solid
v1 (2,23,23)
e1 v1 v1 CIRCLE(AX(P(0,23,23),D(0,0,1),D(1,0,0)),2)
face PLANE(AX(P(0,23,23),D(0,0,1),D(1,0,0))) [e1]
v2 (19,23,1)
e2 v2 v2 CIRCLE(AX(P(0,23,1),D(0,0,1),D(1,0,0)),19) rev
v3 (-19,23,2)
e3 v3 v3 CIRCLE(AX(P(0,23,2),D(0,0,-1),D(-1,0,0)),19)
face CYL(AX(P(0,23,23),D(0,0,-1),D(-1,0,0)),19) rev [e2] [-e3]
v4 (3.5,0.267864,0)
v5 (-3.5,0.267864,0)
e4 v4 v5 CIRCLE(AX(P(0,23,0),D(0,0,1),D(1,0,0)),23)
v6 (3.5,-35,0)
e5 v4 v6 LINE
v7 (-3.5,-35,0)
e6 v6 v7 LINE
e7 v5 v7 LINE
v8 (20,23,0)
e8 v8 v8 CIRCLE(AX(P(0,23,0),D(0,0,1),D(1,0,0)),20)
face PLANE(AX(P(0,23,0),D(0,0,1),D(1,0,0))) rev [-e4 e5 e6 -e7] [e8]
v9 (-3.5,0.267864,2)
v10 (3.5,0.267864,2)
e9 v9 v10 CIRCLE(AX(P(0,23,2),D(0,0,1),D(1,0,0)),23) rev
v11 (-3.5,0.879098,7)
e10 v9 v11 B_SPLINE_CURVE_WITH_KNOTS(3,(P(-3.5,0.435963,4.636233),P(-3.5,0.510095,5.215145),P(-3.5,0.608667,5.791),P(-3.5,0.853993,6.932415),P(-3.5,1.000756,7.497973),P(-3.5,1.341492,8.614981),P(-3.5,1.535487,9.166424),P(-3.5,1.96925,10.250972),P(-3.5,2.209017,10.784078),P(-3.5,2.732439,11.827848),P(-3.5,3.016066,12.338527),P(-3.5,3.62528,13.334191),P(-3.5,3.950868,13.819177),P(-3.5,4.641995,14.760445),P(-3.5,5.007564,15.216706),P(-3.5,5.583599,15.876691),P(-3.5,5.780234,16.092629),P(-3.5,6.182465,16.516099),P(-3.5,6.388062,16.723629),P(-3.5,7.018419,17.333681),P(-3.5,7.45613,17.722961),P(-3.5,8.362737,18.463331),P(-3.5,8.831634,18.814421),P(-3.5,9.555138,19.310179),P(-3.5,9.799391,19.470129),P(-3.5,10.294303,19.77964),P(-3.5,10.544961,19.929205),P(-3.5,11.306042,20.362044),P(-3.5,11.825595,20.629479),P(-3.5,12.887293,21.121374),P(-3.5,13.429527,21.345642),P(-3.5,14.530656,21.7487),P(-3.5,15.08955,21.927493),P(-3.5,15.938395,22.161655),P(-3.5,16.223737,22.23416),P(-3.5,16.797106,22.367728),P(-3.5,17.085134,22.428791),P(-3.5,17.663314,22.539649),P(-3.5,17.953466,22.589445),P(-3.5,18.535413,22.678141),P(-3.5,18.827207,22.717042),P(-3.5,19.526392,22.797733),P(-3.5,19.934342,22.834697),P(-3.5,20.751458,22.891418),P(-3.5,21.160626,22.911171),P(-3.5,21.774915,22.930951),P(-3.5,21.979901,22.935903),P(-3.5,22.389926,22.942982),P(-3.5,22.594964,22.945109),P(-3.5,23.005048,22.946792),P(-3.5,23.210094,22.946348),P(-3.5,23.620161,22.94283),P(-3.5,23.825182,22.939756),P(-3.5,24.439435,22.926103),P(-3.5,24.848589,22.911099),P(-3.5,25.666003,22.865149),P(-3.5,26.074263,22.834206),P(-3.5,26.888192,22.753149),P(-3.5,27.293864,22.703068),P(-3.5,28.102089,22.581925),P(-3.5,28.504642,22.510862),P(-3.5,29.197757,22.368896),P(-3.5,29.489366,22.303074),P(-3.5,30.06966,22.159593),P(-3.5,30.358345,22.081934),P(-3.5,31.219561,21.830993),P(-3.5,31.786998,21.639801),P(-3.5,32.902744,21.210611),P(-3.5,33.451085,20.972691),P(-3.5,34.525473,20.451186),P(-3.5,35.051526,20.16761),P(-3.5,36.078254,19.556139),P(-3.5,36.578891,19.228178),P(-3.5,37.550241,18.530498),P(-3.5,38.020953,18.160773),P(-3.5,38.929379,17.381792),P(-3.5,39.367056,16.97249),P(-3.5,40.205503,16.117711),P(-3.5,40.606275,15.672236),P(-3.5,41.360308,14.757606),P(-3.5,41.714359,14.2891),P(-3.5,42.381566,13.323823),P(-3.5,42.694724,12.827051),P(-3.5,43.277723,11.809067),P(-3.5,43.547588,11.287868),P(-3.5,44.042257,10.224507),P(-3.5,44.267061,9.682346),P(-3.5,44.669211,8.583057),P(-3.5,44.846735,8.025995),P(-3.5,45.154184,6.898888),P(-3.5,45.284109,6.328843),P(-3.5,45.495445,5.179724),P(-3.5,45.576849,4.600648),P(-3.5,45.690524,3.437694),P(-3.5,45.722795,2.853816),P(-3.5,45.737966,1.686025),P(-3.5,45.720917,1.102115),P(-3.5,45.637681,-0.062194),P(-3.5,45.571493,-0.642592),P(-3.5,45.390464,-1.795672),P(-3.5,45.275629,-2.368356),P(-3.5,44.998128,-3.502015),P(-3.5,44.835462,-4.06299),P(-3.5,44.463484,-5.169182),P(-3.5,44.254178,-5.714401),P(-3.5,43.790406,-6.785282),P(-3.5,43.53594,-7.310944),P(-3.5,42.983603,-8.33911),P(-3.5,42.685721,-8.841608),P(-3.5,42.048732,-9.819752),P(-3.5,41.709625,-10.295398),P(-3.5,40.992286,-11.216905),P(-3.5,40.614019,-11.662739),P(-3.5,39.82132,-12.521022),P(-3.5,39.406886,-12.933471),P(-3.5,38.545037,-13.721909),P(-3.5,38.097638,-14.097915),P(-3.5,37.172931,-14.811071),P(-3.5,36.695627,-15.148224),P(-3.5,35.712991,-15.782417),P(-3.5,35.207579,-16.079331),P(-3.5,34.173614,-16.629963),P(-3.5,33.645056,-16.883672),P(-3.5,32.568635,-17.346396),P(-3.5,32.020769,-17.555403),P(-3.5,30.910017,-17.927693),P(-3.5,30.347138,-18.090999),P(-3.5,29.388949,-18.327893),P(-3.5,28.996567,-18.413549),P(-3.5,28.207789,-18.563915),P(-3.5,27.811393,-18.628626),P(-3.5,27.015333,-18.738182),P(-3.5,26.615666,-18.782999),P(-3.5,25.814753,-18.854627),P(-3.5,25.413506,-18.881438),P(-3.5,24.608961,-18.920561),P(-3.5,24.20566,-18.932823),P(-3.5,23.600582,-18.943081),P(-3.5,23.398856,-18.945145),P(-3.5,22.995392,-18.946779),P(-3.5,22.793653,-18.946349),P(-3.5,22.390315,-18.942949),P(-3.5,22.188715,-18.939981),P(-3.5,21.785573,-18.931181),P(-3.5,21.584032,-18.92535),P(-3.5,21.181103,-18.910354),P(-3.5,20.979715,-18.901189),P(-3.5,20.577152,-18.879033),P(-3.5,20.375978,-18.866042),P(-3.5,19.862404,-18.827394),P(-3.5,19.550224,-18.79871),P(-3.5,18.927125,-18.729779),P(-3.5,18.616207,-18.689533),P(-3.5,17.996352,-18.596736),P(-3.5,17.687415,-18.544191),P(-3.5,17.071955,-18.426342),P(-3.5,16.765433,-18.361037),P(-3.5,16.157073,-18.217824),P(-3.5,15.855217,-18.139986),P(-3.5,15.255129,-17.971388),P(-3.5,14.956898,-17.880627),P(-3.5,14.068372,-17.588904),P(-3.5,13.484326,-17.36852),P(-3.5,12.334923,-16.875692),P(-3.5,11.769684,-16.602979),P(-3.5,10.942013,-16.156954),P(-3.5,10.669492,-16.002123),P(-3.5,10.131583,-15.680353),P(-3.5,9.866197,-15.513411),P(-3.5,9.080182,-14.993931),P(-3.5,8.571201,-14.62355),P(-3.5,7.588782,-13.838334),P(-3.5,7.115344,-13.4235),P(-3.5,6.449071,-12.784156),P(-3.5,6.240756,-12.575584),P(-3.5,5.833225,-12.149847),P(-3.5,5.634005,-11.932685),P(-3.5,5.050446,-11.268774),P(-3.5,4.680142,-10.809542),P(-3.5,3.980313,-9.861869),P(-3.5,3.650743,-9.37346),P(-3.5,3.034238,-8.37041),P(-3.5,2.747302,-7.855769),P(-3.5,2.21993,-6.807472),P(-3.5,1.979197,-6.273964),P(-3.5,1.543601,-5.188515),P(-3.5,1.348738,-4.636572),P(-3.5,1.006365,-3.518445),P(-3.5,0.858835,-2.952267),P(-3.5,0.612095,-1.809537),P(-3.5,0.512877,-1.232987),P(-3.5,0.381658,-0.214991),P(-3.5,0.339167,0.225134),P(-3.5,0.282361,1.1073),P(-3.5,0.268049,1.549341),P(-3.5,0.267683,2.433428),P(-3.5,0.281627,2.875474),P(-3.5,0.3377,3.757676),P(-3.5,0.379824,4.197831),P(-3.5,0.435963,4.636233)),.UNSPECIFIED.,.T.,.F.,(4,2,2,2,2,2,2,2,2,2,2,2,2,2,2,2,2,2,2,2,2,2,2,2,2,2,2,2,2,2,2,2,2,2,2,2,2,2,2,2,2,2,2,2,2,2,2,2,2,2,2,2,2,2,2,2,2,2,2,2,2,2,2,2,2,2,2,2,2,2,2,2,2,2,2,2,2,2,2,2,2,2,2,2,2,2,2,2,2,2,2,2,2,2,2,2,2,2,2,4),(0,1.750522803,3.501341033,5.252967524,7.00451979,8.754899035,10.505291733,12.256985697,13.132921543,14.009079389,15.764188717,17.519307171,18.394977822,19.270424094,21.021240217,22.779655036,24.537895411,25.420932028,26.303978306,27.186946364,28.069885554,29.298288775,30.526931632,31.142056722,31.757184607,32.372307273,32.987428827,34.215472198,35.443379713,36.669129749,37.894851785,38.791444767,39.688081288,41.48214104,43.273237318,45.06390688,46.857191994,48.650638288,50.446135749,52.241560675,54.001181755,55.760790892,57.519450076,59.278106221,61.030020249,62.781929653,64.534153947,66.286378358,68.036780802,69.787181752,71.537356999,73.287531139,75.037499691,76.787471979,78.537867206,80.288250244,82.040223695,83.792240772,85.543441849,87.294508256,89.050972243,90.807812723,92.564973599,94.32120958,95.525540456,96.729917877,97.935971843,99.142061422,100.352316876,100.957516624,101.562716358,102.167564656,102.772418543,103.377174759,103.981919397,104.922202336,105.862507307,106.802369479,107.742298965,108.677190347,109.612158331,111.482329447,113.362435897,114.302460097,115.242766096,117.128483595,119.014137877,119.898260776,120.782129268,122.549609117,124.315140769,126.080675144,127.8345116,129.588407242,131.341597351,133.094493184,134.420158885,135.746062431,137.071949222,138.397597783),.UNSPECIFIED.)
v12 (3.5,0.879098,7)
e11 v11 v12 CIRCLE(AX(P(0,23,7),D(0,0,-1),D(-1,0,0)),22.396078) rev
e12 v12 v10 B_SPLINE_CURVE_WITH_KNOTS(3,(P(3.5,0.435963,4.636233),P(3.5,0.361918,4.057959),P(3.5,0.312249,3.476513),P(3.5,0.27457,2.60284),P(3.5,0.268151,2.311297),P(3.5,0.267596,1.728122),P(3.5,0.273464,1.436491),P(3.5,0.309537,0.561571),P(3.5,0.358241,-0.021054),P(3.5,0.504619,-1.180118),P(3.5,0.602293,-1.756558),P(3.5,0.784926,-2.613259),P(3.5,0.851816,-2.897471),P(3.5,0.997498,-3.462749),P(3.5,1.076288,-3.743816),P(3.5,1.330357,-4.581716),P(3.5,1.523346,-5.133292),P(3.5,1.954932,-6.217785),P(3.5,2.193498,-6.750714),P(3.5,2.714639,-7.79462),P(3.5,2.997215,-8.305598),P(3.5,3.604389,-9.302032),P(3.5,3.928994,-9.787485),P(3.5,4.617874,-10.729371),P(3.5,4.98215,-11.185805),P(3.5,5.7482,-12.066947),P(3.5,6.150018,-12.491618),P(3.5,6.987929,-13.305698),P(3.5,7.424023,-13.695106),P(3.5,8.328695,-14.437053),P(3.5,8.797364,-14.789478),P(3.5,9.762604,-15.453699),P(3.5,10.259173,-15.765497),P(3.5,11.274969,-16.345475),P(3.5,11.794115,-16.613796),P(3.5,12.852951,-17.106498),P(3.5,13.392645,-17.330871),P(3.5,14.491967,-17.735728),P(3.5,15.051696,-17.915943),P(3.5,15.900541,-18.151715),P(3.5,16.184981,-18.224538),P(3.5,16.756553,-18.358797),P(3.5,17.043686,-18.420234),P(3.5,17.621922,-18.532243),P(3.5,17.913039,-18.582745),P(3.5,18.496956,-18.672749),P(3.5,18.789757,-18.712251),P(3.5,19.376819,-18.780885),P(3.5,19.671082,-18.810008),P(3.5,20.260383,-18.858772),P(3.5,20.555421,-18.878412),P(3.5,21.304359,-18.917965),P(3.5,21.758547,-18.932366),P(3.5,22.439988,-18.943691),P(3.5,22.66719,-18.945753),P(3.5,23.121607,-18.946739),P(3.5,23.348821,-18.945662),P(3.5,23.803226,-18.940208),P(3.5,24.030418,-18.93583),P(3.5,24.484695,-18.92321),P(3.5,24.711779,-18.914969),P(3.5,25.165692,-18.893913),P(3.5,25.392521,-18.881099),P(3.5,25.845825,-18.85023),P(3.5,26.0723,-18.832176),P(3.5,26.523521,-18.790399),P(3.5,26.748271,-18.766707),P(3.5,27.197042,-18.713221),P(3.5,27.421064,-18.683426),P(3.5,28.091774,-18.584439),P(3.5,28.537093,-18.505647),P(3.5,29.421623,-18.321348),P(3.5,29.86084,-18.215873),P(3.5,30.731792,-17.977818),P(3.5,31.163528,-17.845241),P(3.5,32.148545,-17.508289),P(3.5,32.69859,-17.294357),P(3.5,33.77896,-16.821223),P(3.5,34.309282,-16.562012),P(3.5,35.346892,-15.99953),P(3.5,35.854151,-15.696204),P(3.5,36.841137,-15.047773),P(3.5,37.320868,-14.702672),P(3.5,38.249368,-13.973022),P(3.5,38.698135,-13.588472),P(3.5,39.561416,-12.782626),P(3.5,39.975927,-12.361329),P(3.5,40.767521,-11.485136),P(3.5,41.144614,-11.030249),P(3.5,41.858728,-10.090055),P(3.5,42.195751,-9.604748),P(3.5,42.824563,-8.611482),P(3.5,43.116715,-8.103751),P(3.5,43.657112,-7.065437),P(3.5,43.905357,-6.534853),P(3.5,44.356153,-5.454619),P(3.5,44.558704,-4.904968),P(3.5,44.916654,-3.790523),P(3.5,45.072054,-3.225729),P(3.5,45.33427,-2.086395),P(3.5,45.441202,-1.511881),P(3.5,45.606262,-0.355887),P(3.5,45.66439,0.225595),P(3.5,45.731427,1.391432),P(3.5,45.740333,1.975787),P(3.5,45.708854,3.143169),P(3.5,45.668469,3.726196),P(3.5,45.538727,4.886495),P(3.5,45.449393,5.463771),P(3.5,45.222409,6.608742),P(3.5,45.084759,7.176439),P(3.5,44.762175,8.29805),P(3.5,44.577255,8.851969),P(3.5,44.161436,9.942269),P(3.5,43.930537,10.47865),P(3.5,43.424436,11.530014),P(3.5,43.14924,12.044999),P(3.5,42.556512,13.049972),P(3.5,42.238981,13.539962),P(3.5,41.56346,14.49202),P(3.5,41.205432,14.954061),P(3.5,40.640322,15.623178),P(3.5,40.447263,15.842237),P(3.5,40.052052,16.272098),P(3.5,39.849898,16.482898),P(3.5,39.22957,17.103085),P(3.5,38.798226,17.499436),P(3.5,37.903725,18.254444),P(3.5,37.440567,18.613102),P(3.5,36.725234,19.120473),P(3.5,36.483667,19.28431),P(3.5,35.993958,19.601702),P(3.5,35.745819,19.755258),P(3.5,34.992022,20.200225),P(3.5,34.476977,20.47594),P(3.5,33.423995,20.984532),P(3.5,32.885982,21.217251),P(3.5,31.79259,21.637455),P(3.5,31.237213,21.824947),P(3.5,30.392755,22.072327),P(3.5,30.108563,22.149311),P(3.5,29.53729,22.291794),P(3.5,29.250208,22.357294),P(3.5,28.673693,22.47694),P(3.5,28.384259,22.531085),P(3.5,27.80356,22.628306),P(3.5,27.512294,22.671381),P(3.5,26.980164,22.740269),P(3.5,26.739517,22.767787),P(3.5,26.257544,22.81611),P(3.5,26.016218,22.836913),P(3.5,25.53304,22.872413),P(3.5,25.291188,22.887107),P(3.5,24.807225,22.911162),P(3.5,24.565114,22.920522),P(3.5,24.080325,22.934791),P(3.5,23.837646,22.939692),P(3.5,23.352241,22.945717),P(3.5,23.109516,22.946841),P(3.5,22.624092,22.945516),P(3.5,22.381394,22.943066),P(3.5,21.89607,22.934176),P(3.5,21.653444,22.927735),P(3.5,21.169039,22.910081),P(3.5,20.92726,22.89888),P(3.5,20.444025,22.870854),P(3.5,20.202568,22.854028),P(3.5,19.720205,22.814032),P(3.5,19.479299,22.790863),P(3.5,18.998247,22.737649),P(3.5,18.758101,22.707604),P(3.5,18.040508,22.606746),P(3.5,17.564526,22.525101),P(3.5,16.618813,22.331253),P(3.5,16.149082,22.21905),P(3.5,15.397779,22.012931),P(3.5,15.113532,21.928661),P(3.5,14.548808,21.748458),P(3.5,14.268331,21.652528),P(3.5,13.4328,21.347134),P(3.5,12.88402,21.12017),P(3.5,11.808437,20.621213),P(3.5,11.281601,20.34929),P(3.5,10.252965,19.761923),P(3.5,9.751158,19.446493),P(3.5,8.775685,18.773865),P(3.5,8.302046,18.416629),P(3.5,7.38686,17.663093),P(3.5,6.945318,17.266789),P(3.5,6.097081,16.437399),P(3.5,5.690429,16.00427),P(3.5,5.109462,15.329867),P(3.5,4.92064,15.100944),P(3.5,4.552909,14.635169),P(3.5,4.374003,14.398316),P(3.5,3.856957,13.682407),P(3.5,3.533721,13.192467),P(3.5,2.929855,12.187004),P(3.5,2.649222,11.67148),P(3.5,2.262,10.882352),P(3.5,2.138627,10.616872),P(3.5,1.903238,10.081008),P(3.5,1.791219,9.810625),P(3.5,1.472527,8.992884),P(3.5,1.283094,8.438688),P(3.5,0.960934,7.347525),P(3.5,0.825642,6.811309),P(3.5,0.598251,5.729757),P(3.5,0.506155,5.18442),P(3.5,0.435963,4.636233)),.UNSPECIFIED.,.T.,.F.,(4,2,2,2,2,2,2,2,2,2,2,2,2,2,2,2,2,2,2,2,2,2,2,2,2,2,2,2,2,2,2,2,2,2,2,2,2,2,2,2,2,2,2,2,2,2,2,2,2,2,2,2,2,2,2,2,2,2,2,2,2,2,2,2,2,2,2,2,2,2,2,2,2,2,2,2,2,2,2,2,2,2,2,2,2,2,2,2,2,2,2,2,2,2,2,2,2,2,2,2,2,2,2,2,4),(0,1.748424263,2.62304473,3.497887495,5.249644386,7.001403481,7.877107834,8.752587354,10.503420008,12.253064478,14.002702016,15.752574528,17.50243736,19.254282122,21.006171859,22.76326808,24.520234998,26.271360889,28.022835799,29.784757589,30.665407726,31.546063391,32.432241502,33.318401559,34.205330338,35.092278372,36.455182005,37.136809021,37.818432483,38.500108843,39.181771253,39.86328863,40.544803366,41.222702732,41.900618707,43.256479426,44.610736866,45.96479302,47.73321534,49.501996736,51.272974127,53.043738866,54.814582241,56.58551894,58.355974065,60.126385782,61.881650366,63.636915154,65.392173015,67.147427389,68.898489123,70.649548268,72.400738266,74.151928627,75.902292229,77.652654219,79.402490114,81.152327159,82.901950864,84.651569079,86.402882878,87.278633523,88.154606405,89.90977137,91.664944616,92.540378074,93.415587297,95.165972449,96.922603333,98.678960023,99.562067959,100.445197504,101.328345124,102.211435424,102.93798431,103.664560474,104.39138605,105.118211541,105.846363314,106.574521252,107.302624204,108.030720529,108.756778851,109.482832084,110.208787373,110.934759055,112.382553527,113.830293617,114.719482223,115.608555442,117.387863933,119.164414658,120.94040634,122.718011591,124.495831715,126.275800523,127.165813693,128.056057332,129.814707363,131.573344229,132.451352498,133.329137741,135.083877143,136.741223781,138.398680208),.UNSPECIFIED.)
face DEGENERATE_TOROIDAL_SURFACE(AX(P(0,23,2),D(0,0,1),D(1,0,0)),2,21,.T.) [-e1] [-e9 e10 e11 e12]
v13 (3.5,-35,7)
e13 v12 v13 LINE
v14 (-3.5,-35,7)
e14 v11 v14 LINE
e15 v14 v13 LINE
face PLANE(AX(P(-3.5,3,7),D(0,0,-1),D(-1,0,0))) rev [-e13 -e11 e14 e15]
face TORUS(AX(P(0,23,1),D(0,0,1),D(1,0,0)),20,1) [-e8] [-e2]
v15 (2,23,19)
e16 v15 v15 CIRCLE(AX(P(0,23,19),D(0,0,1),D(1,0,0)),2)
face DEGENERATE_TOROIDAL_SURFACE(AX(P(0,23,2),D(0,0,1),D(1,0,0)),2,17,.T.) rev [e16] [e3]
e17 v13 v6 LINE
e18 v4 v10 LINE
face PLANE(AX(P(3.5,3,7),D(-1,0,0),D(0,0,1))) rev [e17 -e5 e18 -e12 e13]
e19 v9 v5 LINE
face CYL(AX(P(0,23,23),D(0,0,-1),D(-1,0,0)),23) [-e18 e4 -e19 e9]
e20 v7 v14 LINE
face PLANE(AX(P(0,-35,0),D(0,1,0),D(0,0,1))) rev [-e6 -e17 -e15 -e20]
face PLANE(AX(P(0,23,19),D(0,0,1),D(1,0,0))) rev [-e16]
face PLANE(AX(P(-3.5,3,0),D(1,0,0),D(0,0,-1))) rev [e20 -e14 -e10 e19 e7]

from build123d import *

# Parameters (mm, degrees)
SKETCH2_R                = 23
BOSS_EXTRUDE1_DEPTH      = 23
FILLET1_R                = 21
SHELL1_T                 = -4
FILLET2_R                = 1
BOSS_EXTRUDE3_DEPTH      = 3
BOSS_EXTRUDE3_DEPTH_BACK = 35
SKETCH5_W                = 7
SKETCH5_H                = 7


with BuildPart() as part:
    # Sketch2 → Boss-Extrude1 (new body)
    with BuildSketch(Plane.XY):
        with Locations((0, 23)):
            Circle(SKETCH2_R)
    extrude(amount=BOSS_EXTRUDE1_DEPTH)

    # Fillet1
    fillet1_edges = [part.edges().sort_by_distance(p)[0] for p in [
        (-23, 23, 23),
    ]]
    fillet(fillet1_edges, radius=FILLET1_R)

    # Shell1
    shell1_openings = [part.faces().sort_by_distance(p)[0] for p in [
        (0, 23, 0),
    ]]
    offset(amount=SHELL1_T, openings=shell1_openings, kind=Kind.INTERSECTION)

    # Fillet2
    fillet2_edges = [part.edges().sort_by_distance(p)[0] for p in [
        (-19, 23, 0),
    ]]
    fillet(fillet2_edges, radius=FILLET2_R)

    # Sketch5 → Boss-Extrude3 (add, two sides: drawn at the far end of the back side and taken through both)
    with BuildSketch(Plane(origin=(0, 0, 0), x_dir=(1, 0, 0), z_dir=(0, 1, 0)).offset(-BOSS_EXTRUDE3_DEPTH_BACK)):
        with Locations((0, -3.5)):
            Rectangle(SKETCH5_W, SKETCH5_H)
    extrude(amount=BOSS_EXTRUDE3_DEPTH + BOSS_EXTRUDE3_DEPTH_BACK)


solid = part.part
